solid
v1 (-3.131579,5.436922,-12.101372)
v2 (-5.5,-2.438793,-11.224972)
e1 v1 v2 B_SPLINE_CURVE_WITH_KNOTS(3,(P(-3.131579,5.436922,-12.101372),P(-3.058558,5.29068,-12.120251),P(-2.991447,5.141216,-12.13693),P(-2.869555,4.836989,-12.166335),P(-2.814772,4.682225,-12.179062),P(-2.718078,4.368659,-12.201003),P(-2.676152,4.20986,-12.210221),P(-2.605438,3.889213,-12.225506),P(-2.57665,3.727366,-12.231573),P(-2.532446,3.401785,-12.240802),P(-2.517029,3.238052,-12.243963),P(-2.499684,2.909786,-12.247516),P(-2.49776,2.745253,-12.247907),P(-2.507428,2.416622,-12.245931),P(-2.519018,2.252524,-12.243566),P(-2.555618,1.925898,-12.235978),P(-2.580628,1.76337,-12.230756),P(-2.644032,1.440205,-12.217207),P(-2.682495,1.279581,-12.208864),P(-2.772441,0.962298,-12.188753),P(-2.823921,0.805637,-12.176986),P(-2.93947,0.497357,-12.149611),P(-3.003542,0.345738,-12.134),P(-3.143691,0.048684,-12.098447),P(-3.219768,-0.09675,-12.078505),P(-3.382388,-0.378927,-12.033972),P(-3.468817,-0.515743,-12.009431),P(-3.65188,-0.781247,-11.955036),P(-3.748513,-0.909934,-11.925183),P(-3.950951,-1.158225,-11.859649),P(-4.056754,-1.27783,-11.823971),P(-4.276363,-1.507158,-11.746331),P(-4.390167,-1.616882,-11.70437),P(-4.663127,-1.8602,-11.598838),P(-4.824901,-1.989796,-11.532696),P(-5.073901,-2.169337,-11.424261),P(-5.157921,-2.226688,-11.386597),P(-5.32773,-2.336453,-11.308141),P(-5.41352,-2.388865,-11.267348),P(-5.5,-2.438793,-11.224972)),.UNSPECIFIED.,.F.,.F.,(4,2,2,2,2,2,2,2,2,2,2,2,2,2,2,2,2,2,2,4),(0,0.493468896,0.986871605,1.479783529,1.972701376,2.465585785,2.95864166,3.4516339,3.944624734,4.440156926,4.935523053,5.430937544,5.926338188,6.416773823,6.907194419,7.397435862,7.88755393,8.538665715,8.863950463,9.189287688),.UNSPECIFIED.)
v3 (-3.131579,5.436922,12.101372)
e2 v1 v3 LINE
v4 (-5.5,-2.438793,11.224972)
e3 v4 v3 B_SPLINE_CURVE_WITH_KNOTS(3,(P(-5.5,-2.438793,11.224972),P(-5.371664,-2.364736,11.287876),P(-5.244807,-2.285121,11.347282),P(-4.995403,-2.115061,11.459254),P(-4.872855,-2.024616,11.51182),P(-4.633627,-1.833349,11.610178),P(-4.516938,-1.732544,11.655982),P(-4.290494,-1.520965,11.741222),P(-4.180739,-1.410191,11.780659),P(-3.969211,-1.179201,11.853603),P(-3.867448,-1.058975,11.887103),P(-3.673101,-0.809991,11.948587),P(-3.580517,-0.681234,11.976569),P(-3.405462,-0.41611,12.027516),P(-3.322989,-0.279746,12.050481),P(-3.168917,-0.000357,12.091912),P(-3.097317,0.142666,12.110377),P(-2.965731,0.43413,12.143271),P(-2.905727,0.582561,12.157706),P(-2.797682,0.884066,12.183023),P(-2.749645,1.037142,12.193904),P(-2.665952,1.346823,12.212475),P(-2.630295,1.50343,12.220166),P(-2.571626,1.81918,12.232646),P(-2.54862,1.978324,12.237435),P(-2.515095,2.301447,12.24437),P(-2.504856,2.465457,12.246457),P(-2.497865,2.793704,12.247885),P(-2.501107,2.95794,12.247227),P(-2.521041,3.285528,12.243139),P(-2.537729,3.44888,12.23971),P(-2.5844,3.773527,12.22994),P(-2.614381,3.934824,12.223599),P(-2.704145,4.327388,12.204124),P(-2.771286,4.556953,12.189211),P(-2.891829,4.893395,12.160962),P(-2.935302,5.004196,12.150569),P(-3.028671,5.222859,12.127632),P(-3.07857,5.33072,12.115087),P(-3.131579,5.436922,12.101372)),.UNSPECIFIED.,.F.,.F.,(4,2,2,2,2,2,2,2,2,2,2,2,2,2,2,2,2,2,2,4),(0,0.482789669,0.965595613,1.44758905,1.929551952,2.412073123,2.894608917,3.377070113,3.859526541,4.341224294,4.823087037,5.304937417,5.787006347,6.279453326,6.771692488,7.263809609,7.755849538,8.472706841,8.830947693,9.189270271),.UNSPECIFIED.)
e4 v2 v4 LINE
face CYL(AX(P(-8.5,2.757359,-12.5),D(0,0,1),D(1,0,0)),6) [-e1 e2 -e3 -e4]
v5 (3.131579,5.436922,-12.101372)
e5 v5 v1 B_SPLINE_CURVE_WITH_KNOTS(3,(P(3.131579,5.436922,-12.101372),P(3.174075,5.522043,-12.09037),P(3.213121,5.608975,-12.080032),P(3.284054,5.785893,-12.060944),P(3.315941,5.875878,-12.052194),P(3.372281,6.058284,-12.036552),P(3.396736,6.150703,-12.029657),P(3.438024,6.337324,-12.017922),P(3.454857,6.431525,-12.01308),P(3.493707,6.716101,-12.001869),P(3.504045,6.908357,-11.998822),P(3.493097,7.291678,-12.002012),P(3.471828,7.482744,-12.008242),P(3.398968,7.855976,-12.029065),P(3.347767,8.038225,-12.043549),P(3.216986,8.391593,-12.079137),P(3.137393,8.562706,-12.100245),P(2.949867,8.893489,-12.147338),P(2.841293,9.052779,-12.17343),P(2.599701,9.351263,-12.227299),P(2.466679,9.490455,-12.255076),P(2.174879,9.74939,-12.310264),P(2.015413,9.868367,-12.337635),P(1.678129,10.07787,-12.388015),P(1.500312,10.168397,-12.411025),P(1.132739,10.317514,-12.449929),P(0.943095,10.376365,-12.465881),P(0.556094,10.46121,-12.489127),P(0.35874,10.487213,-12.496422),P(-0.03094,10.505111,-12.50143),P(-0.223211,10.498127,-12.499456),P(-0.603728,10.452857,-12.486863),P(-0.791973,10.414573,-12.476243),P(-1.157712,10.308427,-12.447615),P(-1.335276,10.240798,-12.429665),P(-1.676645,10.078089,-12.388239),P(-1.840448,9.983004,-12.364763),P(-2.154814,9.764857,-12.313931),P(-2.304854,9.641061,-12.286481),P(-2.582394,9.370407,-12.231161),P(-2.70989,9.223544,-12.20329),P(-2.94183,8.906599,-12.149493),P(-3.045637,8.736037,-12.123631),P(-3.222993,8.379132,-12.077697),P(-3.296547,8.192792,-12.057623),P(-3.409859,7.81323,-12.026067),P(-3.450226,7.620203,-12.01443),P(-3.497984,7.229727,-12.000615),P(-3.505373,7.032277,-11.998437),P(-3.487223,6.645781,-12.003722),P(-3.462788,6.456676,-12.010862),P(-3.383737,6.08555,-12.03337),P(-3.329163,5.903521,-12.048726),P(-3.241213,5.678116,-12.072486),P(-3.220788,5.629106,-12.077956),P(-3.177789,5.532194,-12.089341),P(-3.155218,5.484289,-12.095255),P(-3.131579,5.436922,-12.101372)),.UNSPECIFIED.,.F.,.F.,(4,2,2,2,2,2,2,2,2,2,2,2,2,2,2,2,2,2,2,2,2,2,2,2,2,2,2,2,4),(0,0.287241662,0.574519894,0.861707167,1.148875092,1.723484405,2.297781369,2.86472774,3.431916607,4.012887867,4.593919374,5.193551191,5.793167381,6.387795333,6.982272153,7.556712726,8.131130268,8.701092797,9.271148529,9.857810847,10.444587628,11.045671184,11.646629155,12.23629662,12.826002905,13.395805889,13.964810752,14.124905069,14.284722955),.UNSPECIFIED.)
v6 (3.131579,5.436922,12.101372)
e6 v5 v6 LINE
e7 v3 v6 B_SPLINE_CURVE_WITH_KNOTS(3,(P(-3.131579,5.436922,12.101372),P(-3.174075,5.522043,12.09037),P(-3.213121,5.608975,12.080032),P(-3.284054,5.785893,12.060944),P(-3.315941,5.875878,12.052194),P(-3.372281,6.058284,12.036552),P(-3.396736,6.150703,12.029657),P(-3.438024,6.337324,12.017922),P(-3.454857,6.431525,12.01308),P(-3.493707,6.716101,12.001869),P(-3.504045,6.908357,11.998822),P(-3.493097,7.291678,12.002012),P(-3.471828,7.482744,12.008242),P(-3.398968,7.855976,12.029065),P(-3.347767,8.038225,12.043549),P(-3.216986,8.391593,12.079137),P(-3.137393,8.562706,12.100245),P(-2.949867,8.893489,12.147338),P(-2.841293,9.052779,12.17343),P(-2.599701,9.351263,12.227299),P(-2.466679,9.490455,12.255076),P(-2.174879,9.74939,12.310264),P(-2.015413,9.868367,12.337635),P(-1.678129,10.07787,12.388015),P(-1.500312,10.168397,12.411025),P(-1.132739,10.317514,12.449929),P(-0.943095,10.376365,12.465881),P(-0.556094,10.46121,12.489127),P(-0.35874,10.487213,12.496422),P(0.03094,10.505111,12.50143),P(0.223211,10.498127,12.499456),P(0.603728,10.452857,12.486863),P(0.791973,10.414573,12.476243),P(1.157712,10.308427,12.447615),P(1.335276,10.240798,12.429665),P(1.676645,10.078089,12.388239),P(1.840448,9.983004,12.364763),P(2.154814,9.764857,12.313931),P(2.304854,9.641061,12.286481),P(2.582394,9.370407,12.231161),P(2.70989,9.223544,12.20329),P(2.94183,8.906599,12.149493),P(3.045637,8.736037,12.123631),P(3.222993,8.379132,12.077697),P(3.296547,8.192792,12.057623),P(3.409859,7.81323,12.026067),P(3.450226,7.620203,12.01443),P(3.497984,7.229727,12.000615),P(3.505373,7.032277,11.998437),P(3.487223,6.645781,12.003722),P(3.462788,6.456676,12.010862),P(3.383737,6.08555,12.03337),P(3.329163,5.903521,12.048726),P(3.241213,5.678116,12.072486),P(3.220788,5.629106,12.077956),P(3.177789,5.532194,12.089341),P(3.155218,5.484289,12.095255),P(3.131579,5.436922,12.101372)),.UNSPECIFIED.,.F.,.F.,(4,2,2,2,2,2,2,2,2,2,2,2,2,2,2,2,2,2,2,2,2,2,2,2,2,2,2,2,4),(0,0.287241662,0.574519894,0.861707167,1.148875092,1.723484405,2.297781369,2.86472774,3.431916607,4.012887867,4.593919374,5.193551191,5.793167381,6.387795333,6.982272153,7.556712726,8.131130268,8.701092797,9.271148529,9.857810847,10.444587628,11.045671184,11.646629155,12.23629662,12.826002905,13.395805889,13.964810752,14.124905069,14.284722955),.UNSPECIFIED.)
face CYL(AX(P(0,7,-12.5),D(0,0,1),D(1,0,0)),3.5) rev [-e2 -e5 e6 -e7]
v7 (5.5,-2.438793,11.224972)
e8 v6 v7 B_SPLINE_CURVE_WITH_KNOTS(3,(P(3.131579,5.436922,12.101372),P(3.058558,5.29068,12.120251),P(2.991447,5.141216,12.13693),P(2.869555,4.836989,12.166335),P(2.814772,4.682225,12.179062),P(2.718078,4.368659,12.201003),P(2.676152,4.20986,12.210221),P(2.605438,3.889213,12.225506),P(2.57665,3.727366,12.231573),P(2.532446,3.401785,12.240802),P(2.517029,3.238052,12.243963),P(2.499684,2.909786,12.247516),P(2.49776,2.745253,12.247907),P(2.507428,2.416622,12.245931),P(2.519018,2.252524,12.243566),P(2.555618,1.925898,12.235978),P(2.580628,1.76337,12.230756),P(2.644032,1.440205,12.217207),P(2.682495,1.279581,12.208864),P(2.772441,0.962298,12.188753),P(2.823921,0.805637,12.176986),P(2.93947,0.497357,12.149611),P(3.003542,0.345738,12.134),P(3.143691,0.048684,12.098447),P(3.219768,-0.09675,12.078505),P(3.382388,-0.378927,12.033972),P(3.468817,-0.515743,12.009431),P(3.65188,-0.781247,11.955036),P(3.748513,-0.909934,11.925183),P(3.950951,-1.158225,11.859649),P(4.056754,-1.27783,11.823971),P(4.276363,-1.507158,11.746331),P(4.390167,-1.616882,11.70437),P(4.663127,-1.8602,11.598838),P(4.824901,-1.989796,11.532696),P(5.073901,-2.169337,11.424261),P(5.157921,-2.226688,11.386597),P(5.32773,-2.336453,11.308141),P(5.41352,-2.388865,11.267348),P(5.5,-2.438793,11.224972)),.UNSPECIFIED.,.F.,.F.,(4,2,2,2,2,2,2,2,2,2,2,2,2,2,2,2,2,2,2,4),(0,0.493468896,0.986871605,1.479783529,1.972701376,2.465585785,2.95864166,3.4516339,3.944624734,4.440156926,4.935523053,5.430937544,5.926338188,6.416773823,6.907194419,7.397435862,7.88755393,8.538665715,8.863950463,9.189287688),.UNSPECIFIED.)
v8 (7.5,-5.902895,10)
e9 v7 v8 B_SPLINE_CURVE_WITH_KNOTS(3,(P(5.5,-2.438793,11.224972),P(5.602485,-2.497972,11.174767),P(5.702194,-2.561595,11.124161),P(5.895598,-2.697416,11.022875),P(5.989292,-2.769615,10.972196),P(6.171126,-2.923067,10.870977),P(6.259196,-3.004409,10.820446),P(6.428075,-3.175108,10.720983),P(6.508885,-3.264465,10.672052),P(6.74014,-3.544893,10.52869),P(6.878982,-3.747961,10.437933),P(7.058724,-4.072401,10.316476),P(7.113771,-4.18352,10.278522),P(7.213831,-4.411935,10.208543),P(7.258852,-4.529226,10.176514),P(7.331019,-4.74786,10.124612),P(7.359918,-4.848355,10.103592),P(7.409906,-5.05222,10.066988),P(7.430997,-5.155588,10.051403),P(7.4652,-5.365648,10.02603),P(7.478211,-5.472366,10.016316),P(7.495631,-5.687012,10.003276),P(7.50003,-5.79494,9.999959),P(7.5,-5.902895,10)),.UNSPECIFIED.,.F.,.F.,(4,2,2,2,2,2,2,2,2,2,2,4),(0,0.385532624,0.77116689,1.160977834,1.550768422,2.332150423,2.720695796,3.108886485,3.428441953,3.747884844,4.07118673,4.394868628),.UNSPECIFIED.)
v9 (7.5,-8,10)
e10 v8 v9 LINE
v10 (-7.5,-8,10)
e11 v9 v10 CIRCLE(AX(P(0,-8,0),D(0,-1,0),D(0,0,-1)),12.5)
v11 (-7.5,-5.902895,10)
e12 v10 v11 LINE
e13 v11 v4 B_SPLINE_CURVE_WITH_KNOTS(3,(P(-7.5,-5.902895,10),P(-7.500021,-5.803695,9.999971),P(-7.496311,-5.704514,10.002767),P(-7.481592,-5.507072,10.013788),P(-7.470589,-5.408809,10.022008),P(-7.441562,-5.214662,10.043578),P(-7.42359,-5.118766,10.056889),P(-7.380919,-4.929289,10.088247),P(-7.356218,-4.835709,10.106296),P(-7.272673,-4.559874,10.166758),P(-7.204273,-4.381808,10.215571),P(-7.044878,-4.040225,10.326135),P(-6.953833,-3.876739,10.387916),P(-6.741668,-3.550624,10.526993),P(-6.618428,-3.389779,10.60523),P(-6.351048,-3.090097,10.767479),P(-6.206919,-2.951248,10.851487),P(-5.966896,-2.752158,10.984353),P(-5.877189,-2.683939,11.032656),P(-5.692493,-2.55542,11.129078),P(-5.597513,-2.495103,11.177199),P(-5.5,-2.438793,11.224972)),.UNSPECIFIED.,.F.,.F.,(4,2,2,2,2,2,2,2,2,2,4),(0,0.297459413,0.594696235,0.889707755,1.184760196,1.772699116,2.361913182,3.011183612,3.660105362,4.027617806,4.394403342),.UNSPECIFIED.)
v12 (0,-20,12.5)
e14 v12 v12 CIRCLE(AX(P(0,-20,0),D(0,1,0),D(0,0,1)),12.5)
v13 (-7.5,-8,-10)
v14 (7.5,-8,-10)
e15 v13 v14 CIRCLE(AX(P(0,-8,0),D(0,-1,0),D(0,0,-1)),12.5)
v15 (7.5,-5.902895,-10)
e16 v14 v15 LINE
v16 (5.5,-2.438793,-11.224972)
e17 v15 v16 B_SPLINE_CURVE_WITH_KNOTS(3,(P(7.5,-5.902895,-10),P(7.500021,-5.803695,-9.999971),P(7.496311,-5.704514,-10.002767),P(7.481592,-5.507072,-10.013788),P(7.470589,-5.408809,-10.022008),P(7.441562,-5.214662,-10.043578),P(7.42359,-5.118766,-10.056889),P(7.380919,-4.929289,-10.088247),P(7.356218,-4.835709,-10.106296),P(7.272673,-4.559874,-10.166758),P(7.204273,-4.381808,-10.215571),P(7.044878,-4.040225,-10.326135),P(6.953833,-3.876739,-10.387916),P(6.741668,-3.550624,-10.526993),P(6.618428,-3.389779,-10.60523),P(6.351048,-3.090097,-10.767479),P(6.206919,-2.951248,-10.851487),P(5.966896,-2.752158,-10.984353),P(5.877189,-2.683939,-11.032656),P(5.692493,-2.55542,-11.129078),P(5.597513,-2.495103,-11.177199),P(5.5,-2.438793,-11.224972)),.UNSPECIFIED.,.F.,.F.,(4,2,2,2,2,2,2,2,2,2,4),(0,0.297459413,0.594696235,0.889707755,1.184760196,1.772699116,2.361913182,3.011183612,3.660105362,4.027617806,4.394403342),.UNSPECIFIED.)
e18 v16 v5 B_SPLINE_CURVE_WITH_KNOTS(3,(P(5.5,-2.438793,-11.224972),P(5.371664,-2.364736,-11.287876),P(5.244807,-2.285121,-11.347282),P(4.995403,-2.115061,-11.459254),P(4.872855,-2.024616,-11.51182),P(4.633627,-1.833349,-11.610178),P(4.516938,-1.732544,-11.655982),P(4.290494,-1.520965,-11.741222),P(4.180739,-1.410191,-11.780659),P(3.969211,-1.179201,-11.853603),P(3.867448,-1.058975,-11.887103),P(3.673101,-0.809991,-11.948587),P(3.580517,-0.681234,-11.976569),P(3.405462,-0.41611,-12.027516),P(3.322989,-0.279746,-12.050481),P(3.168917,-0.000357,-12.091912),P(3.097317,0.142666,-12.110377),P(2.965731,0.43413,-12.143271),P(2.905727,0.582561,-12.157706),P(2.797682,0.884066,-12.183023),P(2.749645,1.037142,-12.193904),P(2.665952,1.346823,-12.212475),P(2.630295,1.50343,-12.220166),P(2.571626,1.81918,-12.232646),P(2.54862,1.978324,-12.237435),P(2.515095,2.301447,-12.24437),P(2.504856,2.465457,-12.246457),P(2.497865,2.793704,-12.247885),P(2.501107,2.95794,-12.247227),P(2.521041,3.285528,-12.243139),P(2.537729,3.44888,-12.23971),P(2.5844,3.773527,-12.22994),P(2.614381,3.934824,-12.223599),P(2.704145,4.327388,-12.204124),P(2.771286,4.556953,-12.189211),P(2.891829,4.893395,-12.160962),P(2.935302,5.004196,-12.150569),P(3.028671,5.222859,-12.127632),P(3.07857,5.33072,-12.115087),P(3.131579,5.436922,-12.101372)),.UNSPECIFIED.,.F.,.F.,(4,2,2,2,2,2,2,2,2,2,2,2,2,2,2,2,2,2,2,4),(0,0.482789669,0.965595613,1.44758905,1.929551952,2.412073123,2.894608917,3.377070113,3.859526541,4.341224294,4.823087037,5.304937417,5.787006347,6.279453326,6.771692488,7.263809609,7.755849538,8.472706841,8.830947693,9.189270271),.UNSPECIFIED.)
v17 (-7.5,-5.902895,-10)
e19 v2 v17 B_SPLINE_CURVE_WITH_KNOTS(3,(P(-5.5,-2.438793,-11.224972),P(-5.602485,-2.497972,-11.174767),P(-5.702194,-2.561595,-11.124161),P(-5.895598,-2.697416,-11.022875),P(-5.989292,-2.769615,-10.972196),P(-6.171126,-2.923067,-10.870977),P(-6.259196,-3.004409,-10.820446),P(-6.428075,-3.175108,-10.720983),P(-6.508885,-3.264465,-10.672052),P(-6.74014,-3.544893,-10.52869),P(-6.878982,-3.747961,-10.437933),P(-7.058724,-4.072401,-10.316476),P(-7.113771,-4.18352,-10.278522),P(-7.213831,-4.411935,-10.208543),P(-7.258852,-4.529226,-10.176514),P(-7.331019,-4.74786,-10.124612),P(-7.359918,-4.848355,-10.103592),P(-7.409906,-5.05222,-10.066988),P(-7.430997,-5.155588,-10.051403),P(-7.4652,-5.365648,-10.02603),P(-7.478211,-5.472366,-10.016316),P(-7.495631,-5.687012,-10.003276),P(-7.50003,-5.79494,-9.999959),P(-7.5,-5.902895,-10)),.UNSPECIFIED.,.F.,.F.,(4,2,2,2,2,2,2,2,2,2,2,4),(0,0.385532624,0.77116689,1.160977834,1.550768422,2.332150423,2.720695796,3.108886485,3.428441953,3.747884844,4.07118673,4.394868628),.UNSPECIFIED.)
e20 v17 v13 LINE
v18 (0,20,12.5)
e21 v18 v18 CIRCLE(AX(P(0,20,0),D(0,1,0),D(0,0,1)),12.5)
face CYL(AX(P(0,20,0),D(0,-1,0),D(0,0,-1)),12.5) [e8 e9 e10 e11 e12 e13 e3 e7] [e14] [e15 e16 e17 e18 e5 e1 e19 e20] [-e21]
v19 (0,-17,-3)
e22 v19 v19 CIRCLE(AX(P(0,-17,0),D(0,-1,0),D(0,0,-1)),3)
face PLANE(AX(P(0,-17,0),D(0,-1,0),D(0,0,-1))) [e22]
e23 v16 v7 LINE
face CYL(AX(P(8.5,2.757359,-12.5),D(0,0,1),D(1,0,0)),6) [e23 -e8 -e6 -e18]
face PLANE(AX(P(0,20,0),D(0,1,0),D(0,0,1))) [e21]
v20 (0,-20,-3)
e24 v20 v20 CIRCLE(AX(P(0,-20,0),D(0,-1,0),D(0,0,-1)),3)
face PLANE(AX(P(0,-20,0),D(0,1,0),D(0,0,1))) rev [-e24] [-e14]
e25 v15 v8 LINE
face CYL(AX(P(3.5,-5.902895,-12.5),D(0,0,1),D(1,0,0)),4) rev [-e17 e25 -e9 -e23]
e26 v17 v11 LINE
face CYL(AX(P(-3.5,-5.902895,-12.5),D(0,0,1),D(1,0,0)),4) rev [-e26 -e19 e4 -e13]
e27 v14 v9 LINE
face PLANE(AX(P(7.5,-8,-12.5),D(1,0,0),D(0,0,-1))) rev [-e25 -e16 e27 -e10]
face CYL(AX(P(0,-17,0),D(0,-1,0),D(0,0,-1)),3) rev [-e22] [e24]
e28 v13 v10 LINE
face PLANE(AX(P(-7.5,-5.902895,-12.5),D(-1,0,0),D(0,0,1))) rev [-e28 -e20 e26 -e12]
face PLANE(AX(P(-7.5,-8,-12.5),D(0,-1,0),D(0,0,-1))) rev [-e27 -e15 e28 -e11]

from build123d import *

# Parameters (mm, degrees)
SKETCH2_R               = 12.5
BOSS_EXTRUDE1_DEPTH     = 20
CUT_EXTRUDE1_DEPTH      = 13.5
CUT_EXTRUDE1_DEPTH_BACK = 13.5
SKETCH4_R               = 3
CUT_EXTRUDE2_DEPTH      = 3


with BuildPart() as part:
    # Sketch2 → Boss-Extrude1 (new body, symmetric)
    with BuildSketch(Plane(origin=(0, 0, 0), x_dir=(1, 0, 0), z_dir=(0, 1, 0))):
        Circle(SKETCH2_R)
    extrude(amount=BOSS_EXTRUDE1_DEPTH, both=True)

    # Sketch3 → Cut-Extrude1 (cut, two sides)
    with BuildSketch(Plane.XY) as cut_extrude1_sk:
        with BuildLine():
            Line((-7.5, -8), (7.5, -8))
            Line((7.5, -8), (7.5, -5.902894725))
            ThreePointArc((7.5, -5.902894725), (6.964101615, -3.902894725), (5.5, -2.43879311))
            ThreePointArc((5.5, -2.43879311), (2.754189416, 1.029452854), (3.131578947, 5.436921852))
            ThreePointArc((3.131578947, 5.436921852), (0, 10.5), (-3.131578947, 5.436921852))
            ThreePointArc((-3.131578947, 5.436921852), (-2.754189416, 1.029452854), (-5.5, -2.43879311))
            ThreePointArc((-5.5, -2.43879311), (-6.964101615, -3.902894725), (-7.5, -5.902894725))
            Line((-7.5, -5.902894725), (-7.5, -8))
        make_face()
    extrude(amount=CUT_EXTRUDE1_DEPTH, mode=Mode.SUBTRACT)
    extrude(cut_extrude1_sk.sketch, amount=-CUT_EXTRUDE1_DEPTH_BACK, mode=Mode.SUBTRACT)

    # Sketch4 → Cut-Extrude2 (cut)
    with BuildSketch(Plane(origin=(0, -20, 0), x_dir=(-1, 0, 0), z_dir=(0, -1, 0))):
        Circle(SKETCH4_R)
    extrude(amount=-CUT_EXTRUDE2_DEPTH, mode=Mode.SUBTRACT)


solid = part.part
